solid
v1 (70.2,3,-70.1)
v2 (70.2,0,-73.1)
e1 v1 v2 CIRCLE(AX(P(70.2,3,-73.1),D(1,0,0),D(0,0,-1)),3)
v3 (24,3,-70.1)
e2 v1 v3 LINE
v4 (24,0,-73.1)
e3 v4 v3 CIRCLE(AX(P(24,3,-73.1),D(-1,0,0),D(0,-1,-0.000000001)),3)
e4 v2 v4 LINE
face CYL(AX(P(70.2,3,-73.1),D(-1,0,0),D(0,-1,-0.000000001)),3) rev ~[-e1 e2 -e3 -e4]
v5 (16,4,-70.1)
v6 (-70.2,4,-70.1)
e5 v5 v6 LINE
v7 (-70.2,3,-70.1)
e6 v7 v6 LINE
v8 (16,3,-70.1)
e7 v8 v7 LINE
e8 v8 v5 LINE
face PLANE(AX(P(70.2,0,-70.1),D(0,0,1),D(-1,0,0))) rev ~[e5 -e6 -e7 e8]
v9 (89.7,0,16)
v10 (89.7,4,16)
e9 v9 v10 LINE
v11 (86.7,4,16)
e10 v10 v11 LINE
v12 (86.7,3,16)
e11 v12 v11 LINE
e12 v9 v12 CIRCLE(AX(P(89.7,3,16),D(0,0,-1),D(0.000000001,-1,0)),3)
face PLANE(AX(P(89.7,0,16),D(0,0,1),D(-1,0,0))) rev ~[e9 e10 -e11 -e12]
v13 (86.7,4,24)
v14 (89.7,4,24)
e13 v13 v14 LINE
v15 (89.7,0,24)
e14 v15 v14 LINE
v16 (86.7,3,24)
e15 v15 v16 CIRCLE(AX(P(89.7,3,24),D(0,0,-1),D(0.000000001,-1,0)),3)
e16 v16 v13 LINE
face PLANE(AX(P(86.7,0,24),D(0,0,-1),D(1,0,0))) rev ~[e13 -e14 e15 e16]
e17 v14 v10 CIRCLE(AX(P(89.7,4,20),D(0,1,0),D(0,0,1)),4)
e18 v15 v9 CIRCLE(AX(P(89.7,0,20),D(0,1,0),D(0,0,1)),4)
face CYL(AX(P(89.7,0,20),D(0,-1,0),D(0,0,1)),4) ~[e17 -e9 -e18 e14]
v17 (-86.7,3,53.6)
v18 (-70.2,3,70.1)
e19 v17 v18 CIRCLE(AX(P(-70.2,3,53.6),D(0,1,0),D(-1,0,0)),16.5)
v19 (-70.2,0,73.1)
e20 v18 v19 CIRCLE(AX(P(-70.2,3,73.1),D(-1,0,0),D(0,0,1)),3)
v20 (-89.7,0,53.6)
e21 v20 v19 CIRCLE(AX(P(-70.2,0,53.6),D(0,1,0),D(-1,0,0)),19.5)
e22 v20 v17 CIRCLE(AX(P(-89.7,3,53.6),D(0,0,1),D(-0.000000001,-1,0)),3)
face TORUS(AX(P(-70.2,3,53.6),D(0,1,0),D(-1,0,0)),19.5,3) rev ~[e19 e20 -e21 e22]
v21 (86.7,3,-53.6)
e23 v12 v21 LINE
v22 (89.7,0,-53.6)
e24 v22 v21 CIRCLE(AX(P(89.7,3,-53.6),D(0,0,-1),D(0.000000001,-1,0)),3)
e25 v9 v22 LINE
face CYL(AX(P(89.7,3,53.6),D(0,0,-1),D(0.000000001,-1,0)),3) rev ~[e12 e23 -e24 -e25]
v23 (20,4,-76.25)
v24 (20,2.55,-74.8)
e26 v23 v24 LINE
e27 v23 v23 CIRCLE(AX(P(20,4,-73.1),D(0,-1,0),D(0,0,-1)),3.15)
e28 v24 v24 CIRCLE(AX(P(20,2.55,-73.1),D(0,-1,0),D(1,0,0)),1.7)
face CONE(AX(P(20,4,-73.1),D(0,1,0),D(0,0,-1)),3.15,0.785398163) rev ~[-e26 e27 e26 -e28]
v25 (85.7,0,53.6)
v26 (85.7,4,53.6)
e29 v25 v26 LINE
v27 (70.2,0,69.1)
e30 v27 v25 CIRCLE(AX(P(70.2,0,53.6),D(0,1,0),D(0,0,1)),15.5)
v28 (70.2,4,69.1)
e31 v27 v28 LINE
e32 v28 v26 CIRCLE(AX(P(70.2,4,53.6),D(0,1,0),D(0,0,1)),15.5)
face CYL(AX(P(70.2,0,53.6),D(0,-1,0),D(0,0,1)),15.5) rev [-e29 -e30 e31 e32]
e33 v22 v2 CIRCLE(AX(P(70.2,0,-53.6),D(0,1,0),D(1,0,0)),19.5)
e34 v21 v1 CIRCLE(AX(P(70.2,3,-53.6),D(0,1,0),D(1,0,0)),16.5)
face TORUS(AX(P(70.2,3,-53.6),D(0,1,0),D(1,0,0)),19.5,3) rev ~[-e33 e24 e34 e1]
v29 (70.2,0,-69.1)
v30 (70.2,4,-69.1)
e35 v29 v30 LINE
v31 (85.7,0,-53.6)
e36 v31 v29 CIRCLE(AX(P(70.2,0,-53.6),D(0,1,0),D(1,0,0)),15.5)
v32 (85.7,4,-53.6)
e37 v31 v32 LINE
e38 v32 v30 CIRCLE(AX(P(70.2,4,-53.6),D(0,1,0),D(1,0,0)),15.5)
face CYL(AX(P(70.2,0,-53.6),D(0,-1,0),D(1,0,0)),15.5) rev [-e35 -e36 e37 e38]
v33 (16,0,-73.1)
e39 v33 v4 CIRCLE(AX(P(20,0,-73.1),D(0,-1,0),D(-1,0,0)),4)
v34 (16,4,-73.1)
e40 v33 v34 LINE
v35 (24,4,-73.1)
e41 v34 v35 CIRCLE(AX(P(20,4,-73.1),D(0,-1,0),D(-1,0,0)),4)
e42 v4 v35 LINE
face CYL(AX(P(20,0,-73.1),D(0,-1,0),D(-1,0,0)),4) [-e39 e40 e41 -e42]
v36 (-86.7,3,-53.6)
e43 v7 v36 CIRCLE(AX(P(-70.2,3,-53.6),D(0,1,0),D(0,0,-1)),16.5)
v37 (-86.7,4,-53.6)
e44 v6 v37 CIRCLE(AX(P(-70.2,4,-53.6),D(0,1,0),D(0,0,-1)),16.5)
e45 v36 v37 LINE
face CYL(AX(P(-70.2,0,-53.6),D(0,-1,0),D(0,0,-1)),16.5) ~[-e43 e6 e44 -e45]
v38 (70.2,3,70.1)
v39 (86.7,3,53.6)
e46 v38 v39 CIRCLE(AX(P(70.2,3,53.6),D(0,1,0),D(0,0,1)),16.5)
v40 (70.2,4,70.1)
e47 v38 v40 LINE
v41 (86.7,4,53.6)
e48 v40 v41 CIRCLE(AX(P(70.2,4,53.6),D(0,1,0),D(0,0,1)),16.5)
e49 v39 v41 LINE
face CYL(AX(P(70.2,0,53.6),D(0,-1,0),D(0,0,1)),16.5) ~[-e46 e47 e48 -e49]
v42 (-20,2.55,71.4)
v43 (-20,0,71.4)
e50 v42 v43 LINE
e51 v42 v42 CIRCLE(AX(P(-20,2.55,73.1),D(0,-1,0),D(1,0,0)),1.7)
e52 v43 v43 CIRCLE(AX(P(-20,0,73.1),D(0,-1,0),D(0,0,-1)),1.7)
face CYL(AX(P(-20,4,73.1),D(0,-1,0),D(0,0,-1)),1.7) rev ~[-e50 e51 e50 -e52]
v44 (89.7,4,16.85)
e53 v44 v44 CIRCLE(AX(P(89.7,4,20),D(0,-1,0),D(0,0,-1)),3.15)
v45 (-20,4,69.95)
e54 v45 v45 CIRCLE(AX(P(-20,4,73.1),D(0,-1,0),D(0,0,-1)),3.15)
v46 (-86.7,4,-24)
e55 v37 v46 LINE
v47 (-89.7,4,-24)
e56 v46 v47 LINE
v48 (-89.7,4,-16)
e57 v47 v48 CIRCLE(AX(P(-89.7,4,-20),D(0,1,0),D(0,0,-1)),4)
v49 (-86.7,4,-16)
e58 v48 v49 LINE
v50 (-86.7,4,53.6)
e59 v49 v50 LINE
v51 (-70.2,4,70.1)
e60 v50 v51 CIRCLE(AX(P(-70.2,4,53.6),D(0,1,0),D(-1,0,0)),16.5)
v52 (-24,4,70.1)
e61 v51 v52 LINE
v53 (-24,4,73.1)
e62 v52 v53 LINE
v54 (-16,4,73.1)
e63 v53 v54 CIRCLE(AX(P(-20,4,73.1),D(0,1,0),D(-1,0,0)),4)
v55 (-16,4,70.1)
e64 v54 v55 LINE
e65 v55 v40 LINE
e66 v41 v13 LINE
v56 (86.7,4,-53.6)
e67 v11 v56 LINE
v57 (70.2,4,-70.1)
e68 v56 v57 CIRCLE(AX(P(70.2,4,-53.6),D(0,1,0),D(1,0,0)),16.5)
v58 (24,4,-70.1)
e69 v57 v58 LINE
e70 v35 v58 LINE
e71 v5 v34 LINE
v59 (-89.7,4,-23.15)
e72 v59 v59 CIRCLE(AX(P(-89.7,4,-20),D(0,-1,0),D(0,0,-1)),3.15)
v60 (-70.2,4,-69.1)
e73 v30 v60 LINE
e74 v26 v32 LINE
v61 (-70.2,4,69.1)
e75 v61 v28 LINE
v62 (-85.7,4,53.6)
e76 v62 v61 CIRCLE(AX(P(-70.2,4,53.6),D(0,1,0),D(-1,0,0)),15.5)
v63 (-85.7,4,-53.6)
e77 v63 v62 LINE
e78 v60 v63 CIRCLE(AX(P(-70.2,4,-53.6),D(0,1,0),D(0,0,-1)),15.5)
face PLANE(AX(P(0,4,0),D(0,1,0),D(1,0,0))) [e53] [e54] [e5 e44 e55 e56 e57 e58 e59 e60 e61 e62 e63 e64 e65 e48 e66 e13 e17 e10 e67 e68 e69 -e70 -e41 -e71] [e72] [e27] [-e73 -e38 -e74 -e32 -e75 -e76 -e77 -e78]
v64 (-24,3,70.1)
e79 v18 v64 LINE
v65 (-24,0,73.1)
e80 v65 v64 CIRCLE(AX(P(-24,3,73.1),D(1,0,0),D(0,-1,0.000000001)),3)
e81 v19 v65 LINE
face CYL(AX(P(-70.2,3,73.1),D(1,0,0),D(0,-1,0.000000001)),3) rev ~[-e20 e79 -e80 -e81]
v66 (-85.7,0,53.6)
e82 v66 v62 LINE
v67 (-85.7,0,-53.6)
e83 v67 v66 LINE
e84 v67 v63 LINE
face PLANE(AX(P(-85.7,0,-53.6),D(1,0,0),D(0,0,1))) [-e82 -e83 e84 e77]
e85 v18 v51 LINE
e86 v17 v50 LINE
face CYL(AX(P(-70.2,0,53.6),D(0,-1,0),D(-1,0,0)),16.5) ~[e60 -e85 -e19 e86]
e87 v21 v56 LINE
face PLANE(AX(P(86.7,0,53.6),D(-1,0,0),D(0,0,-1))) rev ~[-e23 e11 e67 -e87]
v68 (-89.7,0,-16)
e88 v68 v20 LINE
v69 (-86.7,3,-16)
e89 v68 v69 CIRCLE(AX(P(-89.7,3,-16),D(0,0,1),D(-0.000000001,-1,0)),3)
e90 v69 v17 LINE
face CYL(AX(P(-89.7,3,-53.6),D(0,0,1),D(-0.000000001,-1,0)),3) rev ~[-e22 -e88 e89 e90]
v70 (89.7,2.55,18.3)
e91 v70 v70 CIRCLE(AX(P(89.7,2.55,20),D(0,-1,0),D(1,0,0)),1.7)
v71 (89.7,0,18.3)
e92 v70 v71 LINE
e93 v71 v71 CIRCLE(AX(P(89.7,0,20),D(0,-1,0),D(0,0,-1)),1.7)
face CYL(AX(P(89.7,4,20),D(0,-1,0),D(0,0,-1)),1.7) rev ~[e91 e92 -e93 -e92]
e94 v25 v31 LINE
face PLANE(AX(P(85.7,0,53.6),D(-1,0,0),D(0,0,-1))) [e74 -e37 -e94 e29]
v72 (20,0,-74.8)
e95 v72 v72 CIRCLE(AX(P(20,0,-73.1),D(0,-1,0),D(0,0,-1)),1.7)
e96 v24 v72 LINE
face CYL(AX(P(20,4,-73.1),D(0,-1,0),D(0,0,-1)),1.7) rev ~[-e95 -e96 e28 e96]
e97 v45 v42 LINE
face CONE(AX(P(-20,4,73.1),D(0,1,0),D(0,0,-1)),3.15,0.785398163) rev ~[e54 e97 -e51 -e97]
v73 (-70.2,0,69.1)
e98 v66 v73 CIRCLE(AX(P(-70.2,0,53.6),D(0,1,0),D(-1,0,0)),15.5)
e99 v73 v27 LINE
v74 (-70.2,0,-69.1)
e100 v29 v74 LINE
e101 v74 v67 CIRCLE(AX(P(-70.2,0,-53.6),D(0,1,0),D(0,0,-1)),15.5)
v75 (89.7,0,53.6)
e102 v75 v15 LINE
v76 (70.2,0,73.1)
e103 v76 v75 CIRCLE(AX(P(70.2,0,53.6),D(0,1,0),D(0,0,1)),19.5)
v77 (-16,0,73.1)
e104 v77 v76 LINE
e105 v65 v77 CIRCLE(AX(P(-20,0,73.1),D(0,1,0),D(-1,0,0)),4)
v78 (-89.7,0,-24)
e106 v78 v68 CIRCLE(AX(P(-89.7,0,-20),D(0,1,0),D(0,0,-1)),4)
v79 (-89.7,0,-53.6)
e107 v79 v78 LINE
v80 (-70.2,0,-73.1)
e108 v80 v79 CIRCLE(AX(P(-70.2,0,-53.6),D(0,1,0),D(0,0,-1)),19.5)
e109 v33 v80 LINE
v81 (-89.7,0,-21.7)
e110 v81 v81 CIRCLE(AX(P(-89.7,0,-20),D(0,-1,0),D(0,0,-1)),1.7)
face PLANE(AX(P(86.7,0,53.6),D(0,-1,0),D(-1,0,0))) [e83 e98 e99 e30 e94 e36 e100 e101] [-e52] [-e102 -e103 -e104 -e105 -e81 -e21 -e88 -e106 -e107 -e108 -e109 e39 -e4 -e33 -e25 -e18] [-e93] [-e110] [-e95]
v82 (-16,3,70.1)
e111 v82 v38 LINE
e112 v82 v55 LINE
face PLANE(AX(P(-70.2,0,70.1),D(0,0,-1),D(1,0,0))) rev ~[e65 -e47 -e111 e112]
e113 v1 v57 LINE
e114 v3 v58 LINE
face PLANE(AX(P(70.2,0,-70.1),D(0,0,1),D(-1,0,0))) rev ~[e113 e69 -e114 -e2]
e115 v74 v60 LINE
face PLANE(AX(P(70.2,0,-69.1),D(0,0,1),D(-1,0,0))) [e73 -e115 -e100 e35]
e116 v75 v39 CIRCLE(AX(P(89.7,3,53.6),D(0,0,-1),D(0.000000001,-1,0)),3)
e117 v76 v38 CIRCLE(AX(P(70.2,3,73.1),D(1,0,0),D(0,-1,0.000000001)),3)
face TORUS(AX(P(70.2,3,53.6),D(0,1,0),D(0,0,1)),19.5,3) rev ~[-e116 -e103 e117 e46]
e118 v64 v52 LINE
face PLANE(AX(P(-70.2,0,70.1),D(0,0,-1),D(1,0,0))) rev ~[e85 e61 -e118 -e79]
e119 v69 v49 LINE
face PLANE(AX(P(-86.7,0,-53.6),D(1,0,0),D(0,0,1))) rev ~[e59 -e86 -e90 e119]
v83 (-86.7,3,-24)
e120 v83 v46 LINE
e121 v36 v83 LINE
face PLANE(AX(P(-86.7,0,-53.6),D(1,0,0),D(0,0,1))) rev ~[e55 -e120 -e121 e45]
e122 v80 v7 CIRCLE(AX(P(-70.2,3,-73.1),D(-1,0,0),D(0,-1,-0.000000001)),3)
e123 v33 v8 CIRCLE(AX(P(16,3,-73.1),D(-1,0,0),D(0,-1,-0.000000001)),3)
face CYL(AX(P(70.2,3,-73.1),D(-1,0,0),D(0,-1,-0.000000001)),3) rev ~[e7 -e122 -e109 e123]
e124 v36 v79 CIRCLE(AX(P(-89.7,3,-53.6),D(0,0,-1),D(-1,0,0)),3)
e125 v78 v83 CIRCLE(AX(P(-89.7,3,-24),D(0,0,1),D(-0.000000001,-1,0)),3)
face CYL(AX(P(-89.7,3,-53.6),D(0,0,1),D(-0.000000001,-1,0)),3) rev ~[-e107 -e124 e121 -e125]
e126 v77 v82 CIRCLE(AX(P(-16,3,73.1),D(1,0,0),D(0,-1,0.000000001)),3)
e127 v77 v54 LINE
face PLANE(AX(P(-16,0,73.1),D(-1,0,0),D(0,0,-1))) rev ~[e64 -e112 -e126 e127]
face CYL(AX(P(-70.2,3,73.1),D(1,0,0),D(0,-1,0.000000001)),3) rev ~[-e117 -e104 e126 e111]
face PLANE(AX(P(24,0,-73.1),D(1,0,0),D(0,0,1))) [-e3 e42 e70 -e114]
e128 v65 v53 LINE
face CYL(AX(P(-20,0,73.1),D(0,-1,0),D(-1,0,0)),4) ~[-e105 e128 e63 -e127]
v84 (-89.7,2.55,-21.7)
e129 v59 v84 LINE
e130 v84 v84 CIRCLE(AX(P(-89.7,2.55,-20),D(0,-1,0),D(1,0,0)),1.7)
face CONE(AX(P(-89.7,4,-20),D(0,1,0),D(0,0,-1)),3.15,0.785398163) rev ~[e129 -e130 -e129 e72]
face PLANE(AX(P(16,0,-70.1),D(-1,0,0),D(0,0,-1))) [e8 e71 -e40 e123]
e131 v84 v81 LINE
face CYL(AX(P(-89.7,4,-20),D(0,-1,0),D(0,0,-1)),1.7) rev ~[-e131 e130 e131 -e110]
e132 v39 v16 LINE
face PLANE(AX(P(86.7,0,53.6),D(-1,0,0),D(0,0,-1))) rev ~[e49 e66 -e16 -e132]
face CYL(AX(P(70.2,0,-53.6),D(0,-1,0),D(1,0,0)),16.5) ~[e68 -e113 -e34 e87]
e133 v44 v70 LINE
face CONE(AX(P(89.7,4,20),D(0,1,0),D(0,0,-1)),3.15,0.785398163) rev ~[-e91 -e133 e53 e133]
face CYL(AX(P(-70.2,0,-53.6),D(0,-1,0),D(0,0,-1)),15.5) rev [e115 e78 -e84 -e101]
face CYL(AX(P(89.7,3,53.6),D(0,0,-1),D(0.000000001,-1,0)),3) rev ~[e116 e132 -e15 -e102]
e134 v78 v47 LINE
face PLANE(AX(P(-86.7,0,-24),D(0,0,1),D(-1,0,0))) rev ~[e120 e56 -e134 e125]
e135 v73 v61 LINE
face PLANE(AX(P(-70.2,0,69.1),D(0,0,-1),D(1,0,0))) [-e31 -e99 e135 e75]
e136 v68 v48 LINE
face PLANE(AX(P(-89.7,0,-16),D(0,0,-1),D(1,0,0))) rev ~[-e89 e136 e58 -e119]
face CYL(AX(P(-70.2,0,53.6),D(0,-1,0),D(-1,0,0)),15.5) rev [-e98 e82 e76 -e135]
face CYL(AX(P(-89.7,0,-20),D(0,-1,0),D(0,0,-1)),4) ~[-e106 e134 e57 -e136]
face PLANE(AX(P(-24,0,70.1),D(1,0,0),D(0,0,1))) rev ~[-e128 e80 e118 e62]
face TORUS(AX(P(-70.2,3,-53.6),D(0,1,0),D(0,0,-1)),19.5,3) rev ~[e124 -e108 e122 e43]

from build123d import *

# Parameters (mm, degrees)
BOSS_EXTRUDE1_DEPTH                             = 4
SKETCH2_R                                       = 1.6
BOSS_EXTRUDE2_DEPTH                             = 4
CSK_FOR_M3_FLAT_HEAD_MACHINE_SCREW1_D           = 3.4
CSK_FOR_M3_FLAT_HEAD_MACHINE_SCREW1_CSINK_D     = 6.3
CSK_FOR_M3_FLAT_HEAD_MACHINE_SCREW1_CSINK_ANGLE = 90


with BuildPart() as part:
    # Sketch1 → Boss-Extrude1 (new body)
    with BuildSketch(Plane(origin=(0, 0, 0), x_dir=(1, 0, 0), z_dir=(0, 1, 0))):
        with BuildLine():
            Line((86.7, -53.6), (86.7, 53.6))
            ThreePointArc((86.7, 53.6), (81.86726189, 65.26726189), (70.2, 70.1))
            Line((70.2, 70.1), (-70.2, 70.1))
            ThreePointArc((-70.2, 70.1), (-81.86726189, 65.26726189), (-86.7, 53.6))
            Line((-86.7, 53.6), (-86.7, -53.6))
            ThreePointArc((-86.7, -53.6), (-81.86726189, -65.26726189), (-70.2, -70.1))
            Line((-70.2, -70.1), (70.2, -70.1))
            ThreePointArc((70.2, -70.1), (81.86726189, -65.26726189), (86.7, -53.6))
        make_face()
        with BuildLine():
            Line((-70.2, -69.1), (70.2, -69.1))
            ThreePointArc((70.2, -69.1), (81.160155108, -64.560155108), (85.7, -53.6))
            Line((85.7, -53.6), (85.7, 53.6))
            ThreePointArc((85.7, 53.6), (81.160155108, 64.560155108), (70.2, 69.1))
            Line((70.2, 69.1), (-70.2, 69.1))
            ThreePointArc((-70.2, 69.1), (-81.160155108, 64.560155108), (-85.7, 53.6))
            Line((-85.7, 53.6), (-85.7, -53.6))
            ThreePointArc((-85.7, -53.6), (-81.160155108, -64.560155108), (-70.2, -69.1))
        make_face(mode=Mode.SUBTRACT)
    extrude(amount=BOSS_EXTRUDE1_DEPTH)

    # Sweep1: sweep along a path in Sketch5
    with BuildLine(Plane.XZ) as sweep1_path:
        Line((86.7, 53.6), (86.7, -53.6))
        ThreePointArc((86.7, -53.6), (81.86726189, -65.26726189), (70.2, -70.1))
        Line((70.2, -70.1), (-70.2, -70.1))
        ThreePointArc((-70.2, -70.1), (-81.86726189, -65.26726189), (-86.7, -53.6))
        Line((-86.7, -53.6), (-86.7, 53.6))
        ThreePointArc((-86.7, 53.6), (-81.86726189, 65.26726189), (-70.2, 70.1))
        Line((-70.2, 70.1), (70.2, 70.1))
        ThreePointArc((70.2, 70.1), (81.86726189, 65.26726189), (86.7, 53.6))
    # Sketch4 → Sweep1 (sweep)
    with BuildSketch(Plane.XY):
        with BuildLine():
            Line((-86.7, 0), (-89.7, 0))
            ThreePointArc((-89.7, 0), (-87.578679656, 0.878679656), (-86.7, 3))
            Line((-86.7, 3), (-86.7, 0))
        make_face()
    sweep(path=sweep1_path.line)

    # Sketch2 → Boss-Extrude2 (add, through all)
    # profile 1 of 4: a face of its own
    with BuildSketch(Plane(origin=(0, 0, 0), x_dir=(1, 0, 0), z_dir=(0, 1, 0))):
        with BuildLine():
            Line((-86.7, 24), (-89.7, 24))
            ThreePointArc((-89.7, 24), (-93.7, 20), (-89.7, 16))
            Line((-89.7, 16), (-86.7, 16))
            Line((-86.7, 16), (-86.7, 24))
        make_face()
        with Locations(Location((-89.7, 20, 0), (0, 0, 270))):
            Circle(SKETCH2_R, mode=Mode.SUBTRACT)
    # profile 2 of 4: a face of its own
    with BuildSketch(Plane(origin=(0, 0, 0), x_dir=(1, 0, 0), z_dir=(0, 1, 0))):
        with BuildLine():
            Line((16, 70.1), (16, 73.1))
            ThreePointArc((16, 73.1), (20, 77.1), (24, 73.1))
            Line((24, 73.1), (24, 70.1))
            Line((24, 70.1), (16, 70.1))
        make_face()
        with Locations((20, 73.1)):
            Circle(SKETCH2_R, mode=Mode.SUBTRACT)
    # profile 3 of 4: a face of its own
    with BuildSketch(Plane(origin=(0, 0, 0), x_dir=(1, 0, 0), z_dir=(0, 1, 0))):
        with BuildLine():
            Line((-24, -70.1), (-24, -73.1))
            ThreePointArc((-24, -73.1), (-20, -77.1), (-16, -73.1))
            Line((-16, -73.1), (-16, -70.1))
            Line((-16, -70.1), (-24, -70.1))
        make_face()
        with Locations(Location((-20, -73.1, 0), (0, 0, 180))):
            Circle(SKETCH2_R, mode=Mode.SUBTRACT)
    # profile 4 of 4: a face of its own
    with BuildSketch(Plane(origin=(0, 0, 0), x_dir=(1, 0, 0), z_dir=(0, 1, 0))):
        with BuildLine():
            Line((86.7, -24), (89.7, -24))
            ThreePointArc((89.7, -24), (93.7, -20), (89.7, -16))
            Line((89.7, -16), (86.7, -16))
            Line((86.7, -16), (86.7, -24))
        make_face()
        with Locations(Location((89.7, -20, 0), (0, 0, 270))):
            Circle(SKETCH2_R, mode=Mode.SUBTRACT)
    extrude(amount=BOSS_EXTRUDE2_DEPTH)

    # CSK for M3 Flat Head Machine Screw1 (through all)
    with Locations(Plane(origin=(20, 4, -73.1), x_dir=(0, 0, 1), z_dir=(0, 1, 0))):
        with Locations((0, 0), (53.1, -109.7), (93.1, 69.7), (146.2, -40)):
            CounterSinkHole(CSK_FOR_M3_FLAT_HEAD_MACHINE_SCREW1_D / 2, CSK_FOR_M3_FLAT_HEAD_MACHINE_SCREW1_CSINK_D / 2, counter_sink_angle=CSK_FOR_M3_FLAT_HEAD_MACHINE_SCREW1_CSINK_ANGLE)


solid = part.part
